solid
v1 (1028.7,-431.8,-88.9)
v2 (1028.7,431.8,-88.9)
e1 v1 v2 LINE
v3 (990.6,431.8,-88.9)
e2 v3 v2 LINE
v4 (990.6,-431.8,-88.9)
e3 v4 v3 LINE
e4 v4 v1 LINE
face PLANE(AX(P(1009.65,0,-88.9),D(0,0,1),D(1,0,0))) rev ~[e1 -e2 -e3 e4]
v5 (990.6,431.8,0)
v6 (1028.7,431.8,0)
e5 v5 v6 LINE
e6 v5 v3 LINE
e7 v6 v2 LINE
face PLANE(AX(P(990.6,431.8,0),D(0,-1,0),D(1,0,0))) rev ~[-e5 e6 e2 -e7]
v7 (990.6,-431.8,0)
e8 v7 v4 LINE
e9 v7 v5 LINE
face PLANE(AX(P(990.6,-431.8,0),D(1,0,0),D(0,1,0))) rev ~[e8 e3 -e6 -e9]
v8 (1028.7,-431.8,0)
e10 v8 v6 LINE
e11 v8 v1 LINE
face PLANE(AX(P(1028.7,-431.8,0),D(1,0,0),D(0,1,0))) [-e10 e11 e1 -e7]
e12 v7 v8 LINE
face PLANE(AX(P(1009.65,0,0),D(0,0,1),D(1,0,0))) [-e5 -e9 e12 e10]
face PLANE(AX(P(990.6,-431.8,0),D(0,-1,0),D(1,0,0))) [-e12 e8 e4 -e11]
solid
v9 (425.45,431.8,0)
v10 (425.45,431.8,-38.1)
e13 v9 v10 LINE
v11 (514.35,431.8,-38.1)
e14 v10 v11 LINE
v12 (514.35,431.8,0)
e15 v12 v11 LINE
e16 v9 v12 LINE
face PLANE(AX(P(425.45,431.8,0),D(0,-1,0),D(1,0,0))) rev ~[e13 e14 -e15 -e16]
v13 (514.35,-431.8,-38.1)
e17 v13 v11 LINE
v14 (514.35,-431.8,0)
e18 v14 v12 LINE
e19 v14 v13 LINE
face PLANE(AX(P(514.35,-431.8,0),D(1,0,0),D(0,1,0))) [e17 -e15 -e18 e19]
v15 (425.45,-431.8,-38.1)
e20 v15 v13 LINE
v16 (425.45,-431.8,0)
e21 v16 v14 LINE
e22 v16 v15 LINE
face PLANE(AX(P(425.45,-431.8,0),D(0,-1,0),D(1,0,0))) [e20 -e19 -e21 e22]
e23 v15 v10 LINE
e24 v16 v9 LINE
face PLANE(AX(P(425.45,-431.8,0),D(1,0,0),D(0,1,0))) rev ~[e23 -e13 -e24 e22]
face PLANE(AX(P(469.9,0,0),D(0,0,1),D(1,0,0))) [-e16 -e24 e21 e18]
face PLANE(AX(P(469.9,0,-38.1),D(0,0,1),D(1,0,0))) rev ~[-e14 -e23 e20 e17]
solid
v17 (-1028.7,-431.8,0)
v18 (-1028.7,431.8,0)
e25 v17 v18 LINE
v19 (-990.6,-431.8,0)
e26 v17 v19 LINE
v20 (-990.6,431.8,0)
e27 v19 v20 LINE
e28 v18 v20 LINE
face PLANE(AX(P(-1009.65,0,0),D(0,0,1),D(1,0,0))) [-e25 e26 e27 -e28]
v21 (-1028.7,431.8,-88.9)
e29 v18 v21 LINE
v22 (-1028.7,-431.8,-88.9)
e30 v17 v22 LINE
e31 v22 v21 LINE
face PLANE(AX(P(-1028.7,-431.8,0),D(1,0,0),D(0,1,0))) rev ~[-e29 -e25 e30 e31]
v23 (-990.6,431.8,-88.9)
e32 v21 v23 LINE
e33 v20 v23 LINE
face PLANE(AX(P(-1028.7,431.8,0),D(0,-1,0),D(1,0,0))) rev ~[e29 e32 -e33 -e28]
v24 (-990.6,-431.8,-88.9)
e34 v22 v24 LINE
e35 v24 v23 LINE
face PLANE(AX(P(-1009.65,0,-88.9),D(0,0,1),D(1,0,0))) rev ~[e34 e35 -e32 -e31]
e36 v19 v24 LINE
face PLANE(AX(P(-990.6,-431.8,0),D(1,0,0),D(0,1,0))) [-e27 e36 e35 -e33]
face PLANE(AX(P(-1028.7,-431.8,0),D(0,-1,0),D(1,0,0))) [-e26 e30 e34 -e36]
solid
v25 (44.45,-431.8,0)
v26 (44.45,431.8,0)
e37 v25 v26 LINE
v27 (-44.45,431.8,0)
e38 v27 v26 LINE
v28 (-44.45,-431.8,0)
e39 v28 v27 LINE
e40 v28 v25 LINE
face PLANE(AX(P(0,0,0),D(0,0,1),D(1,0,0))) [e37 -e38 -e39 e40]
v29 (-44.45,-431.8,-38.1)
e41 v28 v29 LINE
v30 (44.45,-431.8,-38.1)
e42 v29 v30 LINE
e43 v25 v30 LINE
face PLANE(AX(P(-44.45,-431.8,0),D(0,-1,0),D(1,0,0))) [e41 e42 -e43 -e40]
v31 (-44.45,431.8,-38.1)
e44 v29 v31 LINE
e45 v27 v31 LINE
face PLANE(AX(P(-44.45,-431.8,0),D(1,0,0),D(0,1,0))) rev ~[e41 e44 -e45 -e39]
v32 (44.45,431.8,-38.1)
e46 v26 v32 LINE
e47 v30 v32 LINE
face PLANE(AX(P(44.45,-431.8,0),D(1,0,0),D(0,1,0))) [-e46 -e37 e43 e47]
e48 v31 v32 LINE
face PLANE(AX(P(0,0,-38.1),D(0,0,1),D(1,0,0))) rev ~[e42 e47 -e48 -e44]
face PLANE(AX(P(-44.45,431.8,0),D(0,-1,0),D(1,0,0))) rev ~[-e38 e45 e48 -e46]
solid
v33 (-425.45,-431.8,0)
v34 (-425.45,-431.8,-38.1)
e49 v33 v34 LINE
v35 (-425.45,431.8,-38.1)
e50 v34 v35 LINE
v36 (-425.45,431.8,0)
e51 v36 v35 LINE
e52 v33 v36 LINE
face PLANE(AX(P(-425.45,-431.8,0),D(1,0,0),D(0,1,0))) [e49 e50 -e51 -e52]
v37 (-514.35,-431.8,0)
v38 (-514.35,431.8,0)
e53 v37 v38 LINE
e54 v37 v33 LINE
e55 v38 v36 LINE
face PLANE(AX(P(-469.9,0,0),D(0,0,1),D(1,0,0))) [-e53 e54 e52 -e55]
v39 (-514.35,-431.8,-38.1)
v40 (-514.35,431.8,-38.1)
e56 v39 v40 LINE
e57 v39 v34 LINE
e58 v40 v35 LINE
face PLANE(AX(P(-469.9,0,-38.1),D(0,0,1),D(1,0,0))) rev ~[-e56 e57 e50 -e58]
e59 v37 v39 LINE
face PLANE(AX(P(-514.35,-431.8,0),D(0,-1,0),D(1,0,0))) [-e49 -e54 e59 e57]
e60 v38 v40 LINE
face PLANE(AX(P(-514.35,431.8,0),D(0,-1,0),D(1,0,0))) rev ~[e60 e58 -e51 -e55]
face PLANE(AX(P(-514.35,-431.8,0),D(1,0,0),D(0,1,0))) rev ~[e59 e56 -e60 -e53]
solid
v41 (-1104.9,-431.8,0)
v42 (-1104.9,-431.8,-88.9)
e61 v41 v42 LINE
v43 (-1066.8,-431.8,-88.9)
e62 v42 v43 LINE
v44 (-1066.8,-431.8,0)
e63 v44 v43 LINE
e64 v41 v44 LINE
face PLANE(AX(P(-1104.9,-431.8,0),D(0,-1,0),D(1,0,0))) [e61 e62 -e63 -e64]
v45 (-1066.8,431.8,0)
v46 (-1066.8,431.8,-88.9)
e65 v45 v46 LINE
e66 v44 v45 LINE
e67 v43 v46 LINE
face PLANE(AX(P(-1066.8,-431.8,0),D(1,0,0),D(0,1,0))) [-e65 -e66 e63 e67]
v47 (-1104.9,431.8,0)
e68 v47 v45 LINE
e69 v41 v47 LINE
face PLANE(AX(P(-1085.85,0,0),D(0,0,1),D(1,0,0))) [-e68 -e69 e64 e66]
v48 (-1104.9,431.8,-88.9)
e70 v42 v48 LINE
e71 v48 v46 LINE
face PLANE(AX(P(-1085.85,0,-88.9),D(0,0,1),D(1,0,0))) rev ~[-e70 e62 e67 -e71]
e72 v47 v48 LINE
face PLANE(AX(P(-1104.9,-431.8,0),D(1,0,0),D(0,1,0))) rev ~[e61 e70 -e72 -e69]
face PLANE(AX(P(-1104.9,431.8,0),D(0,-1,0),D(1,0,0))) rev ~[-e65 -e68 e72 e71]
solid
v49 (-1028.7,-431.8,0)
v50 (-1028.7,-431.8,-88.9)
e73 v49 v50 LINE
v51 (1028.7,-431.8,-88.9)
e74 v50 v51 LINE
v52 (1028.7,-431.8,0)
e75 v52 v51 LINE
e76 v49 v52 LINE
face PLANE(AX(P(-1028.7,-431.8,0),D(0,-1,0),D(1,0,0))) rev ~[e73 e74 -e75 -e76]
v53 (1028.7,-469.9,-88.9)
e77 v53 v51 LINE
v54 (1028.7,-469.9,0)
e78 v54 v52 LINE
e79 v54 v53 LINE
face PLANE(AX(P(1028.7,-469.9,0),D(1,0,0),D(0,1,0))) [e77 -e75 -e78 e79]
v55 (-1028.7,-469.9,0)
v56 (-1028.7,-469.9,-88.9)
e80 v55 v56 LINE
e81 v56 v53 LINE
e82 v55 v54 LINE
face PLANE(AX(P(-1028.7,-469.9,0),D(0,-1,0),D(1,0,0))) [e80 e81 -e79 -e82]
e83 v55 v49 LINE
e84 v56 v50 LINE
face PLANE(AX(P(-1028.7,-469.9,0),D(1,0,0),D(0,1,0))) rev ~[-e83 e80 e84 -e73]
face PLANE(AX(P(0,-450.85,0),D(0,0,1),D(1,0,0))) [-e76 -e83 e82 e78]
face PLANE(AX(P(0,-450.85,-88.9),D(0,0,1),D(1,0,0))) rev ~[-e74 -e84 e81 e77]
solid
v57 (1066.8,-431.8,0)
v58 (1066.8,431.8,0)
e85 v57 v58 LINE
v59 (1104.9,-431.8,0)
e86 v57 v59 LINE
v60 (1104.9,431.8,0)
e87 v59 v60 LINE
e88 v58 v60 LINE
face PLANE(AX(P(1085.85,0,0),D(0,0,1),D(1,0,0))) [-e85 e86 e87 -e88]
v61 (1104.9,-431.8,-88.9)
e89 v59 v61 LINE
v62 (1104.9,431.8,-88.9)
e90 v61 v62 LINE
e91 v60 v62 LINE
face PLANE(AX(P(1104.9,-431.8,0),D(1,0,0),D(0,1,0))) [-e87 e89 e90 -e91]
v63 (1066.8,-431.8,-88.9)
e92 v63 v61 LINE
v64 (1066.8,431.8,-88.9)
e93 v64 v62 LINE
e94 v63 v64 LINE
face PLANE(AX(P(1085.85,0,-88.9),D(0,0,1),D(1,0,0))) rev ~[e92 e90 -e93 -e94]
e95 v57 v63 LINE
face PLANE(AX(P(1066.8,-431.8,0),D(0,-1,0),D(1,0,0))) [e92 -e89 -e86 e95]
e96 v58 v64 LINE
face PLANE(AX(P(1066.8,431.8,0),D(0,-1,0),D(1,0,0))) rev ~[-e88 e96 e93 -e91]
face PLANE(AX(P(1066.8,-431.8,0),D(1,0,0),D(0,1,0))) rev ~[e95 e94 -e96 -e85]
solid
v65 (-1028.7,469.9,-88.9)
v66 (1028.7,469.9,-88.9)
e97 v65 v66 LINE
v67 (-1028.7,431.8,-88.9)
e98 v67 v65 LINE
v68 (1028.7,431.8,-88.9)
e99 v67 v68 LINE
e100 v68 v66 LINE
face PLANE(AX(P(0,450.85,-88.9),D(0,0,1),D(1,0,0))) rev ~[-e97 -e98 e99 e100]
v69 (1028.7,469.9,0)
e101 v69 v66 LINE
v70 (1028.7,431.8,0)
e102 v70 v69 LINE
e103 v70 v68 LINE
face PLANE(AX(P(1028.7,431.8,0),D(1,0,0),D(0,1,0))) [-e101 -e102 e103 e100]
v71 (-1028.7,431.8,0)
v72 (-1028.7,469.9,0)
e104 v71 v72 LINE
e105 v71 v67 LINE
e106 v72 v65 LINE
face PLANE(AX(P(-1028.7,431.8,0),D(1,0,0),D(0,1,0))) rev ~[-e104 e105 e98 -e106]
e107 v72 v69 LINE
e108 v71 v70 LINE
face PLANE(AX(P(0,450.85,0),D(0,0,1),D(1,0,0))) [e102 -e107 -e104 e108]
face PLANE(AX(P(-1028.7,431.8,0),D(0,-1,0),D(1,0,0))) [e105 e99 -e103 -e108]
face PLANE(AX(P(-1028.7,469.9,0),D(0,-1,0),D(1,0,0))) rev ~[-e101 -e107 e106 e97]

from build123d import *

# Parameters (mm, degrees)
F0_W      = 88.9
F0_H      = 863.6
F4_DEPTH  = 38.1
F2_W      = 88.9
F2_H      = 863.6
F3_W      = 88.9
F3_H      = 863.6
F10_W     = 2057.4
F10_H     = 38.1
F11_DEPTH = 88.9
F9_W      = 2057.4
F9_H      = 38.1
F8_W      = 38.1
F8_H      = 863.6
F7_W      = 38.1
F7_H      = 863.6
F6_W      = 38.1
F6_H      = 863.6
F5_W      = 38.1
F5_H      = 863.6


with BuildPart() as f4:
    # F0 (on Top) → F4 (new body)
    with BuildSketch(Plane.XY):
        Rectangle(F0_W, F0_H)
    extrude(amount=-F4_DEPTH)


with BuildPart() as f4b:
    # F2 (on Top) → F4, piece 2 (new body)
    with BuildSketch(Plane.XY):
        with Locations((-469.9, 0)):
            Rectangle(F2_W, F2_H)
    extrude(amount=-F4_DEPTH)


with BuildPart() as f4c:
    # F3 (on Top) → F4, piece 3 (new body)
    with BuildSketch(Plane.XY):
        with Locations((469.9, 0)):
            Rectangle(F3_W, F3_H)
    extrude(amount=-F4_DEPTH)


with BuildPart() as f11:
    # F10 (on Top) → F11 (new body)
    with BuildSketch(Plane.XY):
        with Locations((0, -450.85)):
            Rectangle(F10_W, F10_H)
    extrude(amount=-F11_DEPTH)


with BuildPart() as f11b:
    # F9 (on Top) → F11, piece 2 (new body)
    with BuildSketch(Plane.XY):
        with Locations((0, 450.85)):
            Rectangle(F9_W, F9_H)
    extrude(amount=-F11_DEPTH)


with BuildPart() as f11c:
    # F8 (on Top) → F11, piece 3 (new body)
    with BuildSketch(Plane.XY):
        with Locations((1085.85, 0)):
            Rectangle(F8_W, F8_H)
    extrude(amount=-F11_DEPTH)


with BuildPart() as f11d:
    # F7 (on Top) → F11, piece 4 (new body)
    with BuildSketch(Plane.XY):
        with Locations((1009.65, 0)):
            Rectangle(F7_W, F7_H)
    extrude(amount=-F11_DEPTH)


with BuildPart() as f11e:
    # F6 (on Top) → F11, piece 5 (new body)
    with BuildSketch(Plane.XY):
        with Locations((-1085.85, 0)):
            Rectangle(F6_W, F6_H)
    extrude(amount=-F11_DEPTH)


with BuildPart() as f11f:
    # F5 (on Top) → F11, piece 6 (new body)
    with BuildSketch(Plane.XY):
        with Locations((-1009.65, 0)):
            Rectangle(F5_W, F5_H)
    extrude(amount=-F11_DEPTH)


solid = Compound([f4.part, f4b.part, f4c.part, f11.part, f11b.part, f11c.part, f11d.part, f11e.part, f11f.part])
